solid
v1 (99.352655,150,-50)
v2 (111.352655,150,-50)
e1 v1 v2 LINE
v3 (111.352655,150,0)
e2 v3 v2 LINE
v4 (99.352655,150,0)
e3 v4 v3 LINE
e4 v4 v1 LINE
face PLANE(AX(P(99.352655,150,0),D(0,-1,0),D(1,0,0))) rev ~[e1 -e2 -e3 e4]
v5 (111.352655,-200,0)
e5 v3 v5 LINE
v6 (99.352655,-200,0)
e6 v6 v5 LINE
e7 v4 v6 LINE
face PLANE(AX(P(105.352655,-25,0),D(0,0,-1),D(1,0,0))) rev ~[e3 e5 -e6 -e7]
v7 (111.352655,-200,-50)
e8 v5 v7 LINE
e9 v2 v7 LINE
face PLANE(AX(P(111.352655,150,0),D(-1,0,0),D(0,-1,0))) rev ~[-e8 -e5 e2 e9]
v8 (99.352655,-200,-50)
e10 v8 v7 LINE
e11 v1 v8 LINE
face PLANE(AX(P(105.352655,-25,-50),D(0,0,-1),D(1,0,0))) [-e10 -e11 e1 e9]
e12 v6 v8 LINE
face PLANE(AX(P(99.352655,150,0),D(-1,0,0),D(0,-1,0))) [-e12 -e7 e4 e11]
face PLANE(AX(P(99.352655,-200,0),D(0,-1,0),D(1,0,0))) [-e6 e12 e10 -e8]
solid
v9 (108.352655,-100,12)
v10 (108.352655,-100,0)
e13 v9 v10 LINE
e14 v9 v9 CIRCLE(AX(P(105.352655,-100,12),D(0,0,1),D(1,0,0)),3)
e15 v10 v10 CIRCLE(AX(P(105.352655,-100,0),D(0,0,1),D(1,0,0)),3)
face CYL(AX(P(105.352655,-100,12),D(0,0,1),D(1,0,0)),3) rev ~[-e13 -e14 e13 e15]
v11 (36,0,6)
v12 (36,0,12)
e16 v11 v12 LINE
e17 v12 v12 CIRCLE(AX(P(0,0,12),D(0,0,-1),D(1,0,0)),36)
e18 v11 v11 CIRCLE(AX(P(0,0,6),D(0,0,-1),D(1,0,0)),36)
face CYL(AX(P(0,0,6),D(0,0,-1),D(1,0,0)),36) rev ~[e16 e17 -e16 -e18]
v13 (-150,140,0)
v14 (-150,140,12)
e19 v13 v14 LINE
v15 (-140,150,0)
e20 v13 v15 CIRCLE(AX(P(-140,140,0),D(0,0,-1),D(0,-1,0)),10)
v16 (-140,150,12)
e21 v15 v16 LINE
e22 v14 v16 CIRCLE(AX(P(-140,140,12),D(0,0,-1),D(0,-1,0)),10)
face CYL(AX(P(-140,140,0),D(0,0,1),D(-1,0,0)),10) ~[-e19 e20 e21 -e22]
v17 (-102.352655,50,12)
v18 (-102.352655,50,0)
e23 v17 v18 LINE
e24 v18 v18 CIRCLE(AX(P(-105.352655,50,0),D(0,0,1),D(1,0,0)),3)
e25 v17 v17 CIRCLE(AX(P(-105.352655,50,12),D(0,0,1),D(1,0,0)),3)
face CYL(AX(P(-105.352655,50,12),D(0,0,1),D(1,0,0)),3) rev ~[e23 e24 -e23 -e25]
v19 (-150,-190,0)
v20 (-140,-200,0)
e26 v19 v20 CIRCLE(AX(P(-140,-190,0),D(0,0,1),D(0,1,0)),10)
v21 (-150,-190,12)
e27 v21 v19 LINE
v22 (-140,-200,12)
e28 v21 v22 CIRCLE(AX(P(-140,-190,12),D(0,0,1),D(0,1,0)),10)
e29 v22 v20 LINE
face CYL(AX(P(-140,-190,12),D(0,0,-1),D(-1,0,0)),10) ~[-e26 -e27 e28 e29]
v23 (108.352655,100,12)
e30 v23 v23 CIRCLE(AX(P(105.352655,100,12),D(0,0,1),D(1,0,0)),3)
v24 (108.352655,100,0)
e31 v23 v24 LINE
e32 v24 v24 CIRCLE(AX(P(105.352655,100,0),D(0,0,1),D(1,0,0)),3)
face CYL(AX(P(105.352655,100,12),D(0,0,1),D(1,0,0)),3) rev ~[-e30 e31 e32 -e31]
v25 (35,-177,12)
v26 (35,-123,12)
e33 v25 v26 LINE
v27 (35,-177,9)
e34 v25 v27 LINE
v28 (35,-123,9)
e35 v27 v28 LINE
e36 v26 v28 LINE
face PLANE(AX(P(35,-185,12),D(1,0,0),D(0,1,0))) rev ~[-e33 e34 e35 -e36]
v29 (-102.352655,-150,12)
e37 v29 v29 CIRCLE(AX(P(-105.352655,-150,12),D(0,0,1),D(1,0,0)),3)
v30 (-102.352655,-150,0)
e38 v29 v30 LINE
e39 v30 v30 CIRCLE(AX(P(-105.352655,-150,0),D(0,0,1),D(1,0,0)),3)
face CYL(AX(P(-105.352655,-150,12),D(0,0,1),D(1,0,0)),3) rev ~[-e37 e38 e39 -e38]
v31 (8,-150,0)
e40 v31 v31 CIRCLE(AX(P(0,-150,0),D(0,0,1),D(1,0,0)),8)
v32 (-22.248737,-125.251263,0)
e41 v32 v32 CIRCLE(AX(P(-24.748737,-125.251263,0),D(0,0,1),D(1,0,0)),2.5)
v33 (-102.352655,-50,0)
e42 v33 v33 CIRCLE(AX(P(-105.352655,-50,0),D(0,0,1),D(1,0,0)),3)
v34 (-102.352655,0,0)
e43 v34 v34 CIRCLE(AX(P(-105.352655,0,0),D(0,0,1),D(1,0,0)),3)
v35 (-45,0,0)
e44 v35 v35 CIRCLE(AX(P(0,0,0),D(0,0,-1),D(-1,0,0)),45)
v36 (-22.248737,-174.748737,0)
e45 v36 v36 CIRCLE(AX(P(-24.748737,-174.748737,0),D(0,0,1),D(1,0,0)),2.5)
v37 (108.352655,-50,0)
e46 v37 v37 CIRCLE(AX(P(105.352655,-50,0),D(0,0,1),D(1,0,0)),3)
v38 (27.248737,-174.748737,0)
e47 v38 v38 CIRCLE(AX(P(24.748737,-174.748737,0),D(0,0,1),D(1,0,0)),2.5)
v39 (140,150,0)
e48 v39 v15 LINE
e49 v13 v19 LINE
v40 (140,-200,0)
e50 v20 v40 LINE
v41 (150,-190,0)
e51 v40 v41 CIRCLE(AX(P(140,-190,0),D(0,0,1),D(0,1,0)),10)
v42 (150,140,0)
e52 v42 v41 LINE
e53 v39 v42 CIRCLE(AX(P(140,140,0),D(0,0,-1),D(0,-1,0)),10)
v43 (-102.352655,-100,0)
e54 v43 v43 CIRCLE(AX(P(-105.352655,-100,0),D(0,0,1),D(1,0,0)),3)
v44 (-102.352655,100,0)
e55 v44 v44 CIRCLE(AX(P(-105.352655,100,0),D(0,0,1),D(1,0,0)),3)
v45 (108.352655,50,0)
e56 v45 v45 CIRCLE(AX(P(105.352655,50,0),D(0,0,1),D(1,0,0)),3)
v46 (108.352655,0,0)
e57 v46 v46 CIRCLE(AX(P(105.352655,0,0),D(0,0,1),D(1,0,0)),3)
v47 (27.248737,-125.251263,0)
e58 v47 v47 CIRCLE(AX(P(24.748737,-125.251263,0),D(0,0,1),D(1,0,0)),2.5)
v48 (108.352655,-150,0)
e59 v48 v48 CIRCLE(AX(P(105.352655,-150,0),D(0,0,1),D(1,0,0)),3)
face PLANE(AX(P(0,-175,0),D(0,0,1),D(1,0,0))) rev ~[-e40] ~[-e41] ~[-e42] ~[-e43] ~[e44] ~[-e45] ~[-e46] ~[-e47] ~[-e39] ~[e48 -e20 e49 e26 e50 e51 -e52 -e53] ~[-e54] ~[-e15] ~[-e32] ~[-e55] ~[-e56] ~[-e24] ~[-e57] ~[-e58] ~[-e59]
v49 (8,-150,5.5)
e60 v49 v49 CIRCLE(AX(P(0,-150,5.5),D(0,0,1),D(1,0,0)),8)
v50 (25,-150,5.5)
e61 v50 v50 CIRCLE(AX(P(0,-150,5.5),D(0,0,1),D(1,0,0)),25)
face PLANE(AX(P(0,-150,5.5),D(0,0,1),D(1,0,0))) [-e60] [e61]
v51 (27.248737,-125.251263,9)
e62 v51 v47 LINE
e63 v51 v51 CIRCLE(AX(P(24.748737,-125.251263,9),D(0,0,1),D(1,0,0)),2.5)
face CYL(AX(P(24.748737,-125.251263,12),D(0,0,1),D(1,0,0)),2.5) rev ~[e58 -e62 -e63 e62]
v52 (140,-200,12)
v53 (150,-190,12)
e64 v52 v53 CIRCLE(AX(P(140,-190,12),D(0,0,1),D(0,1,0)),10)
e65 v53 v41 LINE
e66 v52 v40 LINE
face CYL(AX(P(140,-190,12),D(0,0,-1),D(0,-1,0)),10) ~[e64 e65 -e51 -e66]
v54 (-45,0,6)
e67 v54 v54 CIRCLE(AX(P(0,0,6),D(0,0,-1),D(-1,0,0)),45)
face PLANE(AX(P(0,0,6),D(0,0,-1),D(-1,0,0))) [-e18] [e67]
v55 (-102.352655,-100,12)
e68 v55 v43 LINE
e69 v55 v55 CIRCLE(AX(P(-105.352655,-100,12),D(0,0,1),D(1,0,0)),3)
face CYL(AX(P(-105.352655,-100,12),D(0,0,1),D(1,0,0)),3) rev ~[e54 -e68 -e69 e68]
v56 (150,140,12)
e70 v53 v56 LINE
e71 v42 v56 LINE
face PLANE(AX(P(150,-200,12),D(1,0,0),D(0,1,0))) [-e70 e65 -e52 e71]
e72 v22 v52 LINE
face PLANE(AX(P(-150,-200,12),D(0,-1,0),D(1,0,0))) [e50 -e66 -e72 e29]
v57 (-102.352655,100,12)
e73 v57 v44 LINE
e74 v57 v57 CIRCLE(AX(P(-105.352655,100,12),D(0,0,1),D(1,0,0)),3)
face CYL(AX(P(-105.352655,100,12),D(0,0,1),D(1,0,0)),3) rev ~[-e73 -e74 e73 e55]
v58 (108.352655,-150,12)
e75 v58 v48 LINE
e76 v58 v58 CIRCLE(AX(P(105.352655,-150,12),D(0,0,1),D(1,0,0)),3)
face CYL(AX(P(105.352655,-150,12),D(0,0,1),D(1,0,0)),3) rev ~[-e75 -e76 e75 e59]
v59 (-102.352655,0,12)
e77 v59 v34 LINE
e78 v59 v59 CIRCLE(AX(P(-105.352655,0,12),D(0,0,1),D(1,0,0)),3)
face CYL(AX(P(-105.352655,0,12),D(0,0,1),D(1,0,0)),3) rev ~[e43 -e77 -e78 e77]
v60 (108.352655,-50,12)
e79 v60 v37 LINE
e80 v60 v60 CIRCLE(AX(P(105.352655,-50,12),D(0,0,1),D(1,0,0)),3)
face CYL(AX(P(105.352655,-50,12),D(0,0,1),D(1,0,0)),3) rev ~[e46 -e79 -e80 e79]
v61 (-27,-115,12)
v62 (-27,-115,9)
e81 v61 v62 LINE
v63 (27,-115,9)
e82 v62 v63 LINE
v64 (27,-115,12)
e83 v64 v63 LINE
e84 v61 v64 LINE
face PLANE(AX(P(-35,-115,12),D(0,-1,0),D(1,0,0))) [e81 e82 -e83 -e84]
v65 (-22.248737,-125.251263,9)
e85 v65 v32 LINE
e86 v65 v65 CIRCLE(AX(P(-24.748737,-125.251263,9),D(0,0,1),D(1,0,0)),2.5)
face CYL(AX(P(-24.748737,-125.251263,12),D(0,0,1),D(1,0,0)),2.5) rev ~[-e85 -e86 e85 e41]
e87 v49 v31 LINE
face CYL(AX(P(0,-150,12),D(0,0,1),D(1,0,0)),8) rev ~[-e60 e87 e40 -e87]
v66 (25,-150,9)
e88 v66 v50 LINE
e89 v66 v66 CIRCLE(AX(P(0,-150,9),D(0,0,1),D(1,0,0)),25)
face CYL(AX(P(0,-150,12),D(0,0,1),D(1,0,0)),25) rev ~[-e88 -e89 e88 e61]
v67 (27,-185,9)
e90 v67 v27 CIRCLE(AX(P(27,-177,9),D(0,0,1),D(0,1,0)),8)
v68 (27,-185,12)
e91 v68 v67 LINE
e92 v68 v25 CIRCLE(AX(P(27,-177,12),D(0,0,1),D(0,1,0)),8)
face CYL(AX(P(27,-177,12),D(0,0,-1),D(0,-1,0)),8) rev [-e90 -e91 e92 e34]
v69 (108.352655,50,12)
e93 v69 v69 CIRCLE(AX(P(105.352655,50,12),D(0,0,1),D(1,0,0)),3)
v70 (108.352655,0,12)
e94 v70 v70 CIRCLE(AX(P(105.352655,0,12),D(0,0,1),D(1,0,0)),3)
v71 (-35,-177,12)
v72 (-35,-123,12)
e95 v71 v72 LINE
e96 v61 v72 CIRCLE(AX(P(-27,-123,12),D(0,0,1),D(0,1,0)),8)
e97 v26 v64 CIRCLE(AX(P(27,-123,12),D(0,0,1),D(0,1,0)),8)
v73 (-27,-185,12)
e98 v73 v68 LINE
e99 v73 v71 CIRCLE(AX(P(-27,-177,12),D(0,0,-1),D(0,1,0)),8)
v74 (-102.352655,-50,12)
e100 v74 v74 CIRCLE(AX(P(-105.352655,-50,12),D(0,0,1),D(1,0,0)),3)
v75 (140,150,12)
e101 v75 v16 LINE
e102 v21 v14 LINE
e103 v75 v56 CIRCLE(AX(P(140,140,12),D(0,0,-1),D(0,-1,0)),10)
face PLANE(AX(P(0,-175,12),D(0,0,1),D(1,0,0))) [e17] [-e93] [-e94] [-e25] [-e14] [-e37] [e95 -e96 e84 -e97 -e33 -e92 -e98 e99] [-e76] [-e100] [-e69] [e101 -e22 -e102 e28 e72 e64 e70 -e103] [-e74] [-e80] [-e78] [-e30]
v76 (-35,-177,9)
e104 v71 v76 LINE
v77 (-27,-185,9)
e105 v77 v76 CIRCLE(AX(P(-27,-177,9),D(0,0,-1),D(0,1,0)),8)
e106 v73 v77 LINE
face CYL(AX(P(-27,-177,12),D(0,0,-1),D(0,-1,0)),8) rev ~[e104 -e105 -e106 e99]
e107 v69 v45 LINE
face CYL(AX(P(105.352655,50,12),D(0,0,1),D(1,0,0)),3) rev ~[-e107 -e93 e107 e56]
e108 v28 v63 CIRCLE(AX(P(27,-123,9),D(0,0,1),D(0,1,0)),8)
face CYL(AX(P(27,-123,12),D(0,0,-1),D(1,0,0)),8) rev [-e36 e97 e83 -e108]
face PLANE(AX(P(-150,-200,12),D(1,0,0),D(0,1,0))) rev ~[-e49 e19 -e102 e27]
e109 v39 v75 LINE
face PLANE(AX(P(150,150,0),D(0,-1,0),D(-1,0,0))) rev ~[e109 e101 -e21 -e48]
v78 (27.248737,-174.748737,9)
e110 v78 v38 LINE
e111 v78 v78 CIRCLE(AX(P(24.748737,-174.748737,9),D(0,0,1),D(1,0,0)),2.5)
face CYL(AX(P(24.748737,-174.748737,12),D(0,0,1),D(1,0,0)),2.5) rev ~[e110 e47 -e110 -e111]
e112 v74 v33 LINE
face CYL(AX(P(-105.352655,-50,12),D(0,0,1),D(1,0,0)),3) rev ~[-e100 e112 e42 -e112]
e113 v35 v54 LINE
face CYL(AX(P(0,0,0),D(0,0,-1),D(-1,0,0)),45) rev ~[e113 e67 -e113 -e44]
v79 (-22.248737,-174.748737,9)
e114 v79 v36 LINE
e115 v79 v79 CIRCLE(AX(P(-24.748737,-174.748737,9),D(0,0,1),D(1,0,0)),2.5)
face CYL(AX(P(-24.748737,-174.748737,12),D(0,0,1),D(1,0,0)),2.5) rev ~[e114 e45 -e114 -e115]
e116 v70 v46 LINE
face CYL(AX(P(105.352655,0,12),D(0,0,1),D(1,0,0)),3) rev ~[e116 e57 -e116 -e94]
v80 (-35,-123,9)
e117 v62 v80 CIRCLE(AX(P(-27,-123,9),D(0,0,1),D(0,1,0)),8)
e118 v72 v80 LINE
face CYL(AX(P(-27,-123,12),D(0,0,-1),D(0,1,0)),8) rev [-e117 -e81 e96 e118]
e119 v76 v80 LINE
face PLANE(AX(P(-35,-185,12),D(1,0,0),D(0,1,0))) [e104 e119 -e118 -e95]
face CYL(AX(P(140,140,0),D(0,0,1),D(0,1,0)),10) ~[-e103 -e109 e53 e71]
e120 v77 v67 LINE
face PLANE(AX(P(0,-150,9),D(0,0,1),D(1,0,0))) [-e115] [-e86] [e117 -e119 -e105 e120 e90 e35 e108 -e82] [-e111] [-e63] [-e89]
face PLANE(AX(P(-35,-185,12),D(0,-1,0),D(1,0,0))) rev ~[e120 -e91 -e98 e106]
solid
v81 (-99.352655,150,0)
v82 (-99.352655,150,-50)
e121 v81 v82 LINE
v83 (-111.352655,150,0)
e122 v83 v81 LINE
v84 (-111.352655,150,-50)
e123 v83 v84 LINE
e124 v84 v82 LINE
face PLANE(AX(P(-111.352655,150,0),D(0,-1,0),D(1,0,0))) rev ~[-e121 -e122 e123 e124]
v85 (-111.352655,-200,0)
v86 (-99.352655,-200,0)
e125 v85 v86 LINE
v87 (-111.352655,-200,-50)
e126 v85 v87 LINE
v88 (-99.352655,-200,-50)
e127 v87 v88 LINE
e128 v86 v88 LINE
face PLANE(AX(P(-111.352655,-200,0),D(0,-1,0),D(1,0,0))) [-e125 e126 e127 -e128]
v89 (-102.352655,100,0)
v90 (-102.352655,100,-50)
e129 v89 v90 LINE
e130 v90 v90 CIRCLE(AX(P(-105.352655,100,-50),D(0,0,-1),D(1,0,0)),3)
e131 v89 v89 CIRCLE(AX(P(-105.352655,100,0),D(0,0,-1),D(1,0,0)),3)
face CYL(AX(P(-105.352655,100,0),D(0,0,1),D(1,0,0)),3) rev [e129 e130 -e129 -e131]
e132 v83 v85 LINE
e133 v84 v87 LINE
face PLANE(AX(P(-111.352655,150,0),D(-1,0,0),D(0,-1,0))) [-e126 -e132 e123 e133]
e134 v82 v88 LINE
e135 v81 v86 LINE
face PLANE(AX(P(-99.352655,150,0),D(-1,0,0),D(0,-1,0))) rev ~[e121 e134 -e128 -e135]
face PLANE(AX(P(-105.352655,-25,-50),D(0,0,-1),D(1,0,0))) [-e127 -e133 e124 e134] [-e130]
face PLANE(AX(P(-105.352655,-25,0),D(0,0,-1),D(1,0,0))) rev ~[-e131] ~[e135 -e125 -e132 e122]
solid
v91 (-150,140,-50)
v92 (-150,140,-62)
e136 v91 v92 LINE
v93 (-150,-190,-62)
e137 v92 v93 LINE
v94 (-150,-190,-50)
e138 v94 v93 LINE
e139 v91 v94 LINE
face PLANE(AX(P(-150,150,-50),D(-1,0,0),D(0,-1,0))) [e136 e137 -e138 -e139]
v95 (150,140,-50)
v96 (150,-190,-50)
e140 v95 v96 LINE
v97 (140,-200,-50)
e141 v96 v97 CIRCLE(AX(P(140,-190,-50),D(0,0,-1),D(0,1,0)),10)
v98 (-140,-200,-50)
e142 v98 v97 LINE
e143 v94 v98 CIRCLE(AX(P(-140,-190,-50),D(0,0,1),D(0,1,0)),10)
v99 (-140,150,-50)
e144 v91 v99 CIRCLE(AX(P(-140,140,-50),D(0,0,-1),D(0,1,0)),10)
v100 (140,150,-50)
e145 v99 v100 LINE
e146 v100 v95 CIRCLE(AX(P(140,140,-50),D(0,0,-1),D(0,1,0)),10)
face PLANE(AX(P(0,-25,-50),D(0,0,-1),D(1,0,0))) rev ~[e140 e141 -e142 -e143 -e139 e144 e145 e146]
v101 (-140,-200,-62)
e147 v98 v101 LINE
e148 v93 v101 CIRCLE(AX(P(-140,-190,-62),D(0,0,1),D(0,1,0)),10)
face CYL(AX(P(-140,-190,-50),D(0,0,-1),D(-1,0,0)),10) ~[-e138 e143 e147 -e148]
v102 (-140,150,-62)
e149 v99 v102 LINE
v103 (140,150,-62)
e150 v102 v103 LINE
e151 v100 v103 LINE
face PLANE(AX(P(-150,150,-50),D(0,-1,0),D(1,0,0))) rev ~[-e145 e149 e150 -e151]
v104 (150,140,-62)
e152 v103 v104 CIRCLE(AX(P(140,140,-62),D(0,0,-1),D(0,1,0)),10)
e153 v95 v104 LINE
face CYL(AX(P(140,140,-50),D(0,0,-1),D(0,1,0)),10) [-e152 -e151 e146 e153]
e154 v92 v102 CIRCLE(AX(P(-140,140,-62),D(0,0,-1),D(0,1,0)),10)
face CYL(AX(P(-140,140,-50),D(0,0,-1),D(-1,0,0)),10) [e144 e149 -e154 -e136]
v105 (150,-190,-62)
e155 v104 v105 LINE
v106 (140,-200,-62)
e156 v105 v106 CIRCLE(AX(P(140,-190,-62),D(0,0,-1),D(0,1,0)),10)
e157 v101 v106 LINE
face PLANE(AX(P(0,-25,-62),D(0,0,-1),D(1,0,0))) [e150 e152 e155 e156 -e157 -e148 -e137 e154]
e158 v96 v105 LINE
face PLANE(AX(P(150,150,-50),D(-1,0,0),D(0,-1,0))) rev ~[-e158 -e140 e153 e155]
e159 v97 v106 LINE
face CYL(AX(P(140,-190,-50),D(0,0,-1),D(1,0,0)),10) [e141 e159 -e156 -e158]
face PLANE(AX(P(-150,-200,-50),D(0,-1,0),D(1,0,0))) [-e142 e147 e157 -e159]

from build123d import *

# Parameters (mm, degrees)
SKETCH1_W               = 300
SKETCH1_H               = 300
BOSS_EXTRUDE1_DEPTH     = 12
SKETCH2_R               = 45
CUT_EXTRUDE1_DEPTH      = 6
SKETCH3_R               = 36
CUT_EXTRUDE2_DEPTH      = 6
SKETCH4_W               = 300
SKETCH4_H               = 50
BOSS_EXTRUDE2_DEPTH     = 12
SKETCH6_R               = 2.5
SKETCH6_R_2             = 8
CUT_EXTRUDE3_DEPTH      = 12
SKETCH6_3_R             = 25
CUT_EXTRUDE4_DEPTH      = 6.5
SKETCH6_4_W             = 70
SKETCH6_4_H             = 70
CUT_EXTRUDE5_DEPTH      = 3
FILLET1_R               = 8
SKETCH7_R               = 3
CUT_EXTRUDE6_DEPTH      = 1
CUT_EXTRUDE6_DEPTH_BACK = 13
SKETCH8_W               = 12
SKETCH8_H               = 350
SKETCH8_R               = 3
BOSS_EXTRUDE3_DEPTH     = 50
BOSS_EXTRUDE3_2_DEPTH   = 50
SKETCH9_W               = 300
SKETCH9_H               = 350
BOSS_EXTRUDE4_DEPTH     = 12
FILLET2_R               = 10
FILLET3_R               = 10


with BuildPart() as part:
    # Sketch1 → Boss-Extrude1 (new body)
    with BuildSketch(Plane(origin=(0, 0, 0), x_dir=(0, 1, 0), z_dir=(0, 0, 1))):
        Rectangle(SKETCH1_W, SKETCH1_H)
    extrude(amount=BOSS_EXTRUDE1_DEPTH)

    # Sketch2 → Cut-Extrude1 (cut)
    with BuildSketch(Plane(origin=(0, 0, 0), x_dir=(-1, 0, 0), z_dir=(0, 0, -1))):
        Circle(SKETCH2_R)
    extrude(amount=-CUT_EXTRUDE1_DEPTH, mode=Mode.SUBTRACT)

    # Sketch3 → Cut-Extrude2 (cut)
    with BuildSketch(Plane(origin=(0, 0, 6), x_dir=(1, 0, 0), z_dir=(0, 0, -1))):
        Circle(SKETCH3_R)
    extrude(amount=-CUT_EXTRUDE2_DEPTH, mode=Mode.SUBTRACT)

    # Sketch4 → Boss-Extrude2 (add)
    with BuildSketch(Plane.XY.offset(12)):
        with Locations((0, -175)):
            Rectangle(SKETCH4_W, SKETCH4_H)
    extrude(amount=-BOSS_EXTRUDE2_DEPTH)

    # Sketch6 → Cut-Extrude3 (cut)
    with BuildSketch(Plane.XY.offset(12)):
        with Locations((-24.748737342, -125.251262658)):
            Circle(SKETCH6_R)
        with Locations((24.748737342, -125.251262658)):
            Circle(SKETCH6_R)
        with Locations((0, -150)):
            Circle(SKETCH6_R_2)
        with Locations((24.748737342, -174.748737342)):
            Circle(SKETCH6_R)
        with Locations((-24.748737342, -174.748737342)):
            Circle(SKETCH6_R)
    extrude(amount=-CUT_EXTRUDE3_DEPTH, mode=Mode.SUBTRACT)

    # Sketch6<3> → Cut-Extrude4 (cut)
    with BuildSketch(Plane.XY.offset(12)):
        with Locations((0, -150)):
            Circle(SKETCH6_3_R)
    extrude(amount=-CUT_EXTRUDE4_DEPTH, mode=Mode.SUBTRACT)

    # Sketch6<4> → Cut-Extrude5 (cut)
    with BuildSketch(Plane.XY.offset(12)):
        with Locations((0, -150)):
            Rectangle(SKETCH6_4_W, SKETCH6_4_H)
    extrude(amount=-CUT_EXTRUDE5_DEPTH, mode=Mode.SUBTRACT)

    # Fillet1
    fillet1_edges = [part.edges().sort_by_distance(p)[0] for p in [
        (-35, -185, 10.5),
        (-35, -115, 10.5),
        (35, -115, 10.5),
        (35, -185, 10.5),
    ]]
    fillet(fillet1_edges, radius=FILLET1_R)

    # Sketch7 → Cut-Extrude6 (cut, two sides)
    with BuildSketch(Plane.XY.offset(12)) as cut_extrude6_sk:
        with Locations((-105.352654621, 0)):
            Circle(SKETCH7_R)
        with Locations((-105.352654621, -50)):
            Circle(SKETCH7_R)
        with Locations((-105.352654621, -100)):
            Circle(SKETCH7_R)
        with Locations((-105.352654621, -150)):
            Circle(SKETCH7_R)
        with Locations((-105.352654621, 50)):
            Circle(SKETCH7_R)
        with Locations((-105.352654621, 100)):
            Circle(SKETCH7_R)
        with Locations((105.352654621, -150)):
            Circle(SKETCH7_R)
        with Locations((105.352654621, -100)):
            Circle(SKETCH7_R)
        with Locations((105.352654621, -50)):
            Circle(SKETCH7_R)
        with Locations((105.352654621, 0)):
            Circle(SKETCH7_R)
        with Locations((105.352654621, 50)):
            Circle(SKETCH7_R)
        with Locations((105.352654621, 100)):
            Circle(SKETCH7_R)
    extrude(amount=CUT_EXTRUDE6_DEPTH, mode=Mode.SUBTRACT)
    extrude(cut_extrude6_sk.sketch, amount=-CUT_EXTRUDE6_DEPTH_BACK, mode=Mode.SUBTRACT)

    # Fillet2
    fillet2_edges = [part.edges().sort_by_distance(p)[0] for p in [
        (-150, -200, 6),
        (150, -200, 6),
        (150, 150, 6),
        (-150, 150, 6),
    ]]
    fillet(fillet2_edges, radius=FILLET2_R)


with BuildPart() as body_2:
    # Sketch8 → Boss-Extrude3 (new body)
    with BuildSketch(Plane(origin=(0, 0, 0), x_dir=(1, 0, 0), z_dir=(0, 0, -1))):
        with Locations((-105.352654621, 25)):
            Rectangle(SKETCH8_W, SKETCH8_H)
        with Locations((-105.352654621, -100)):
            Circle(SKETCH8_R, mode=Mode.SUBTRACT)
    extrude(amount=BOSS_EXTRUDE3_DEPTH)


with BuildPart() as body_3:
    # Sketch8 → Boss-Extrude3 2 (new body)
    with BuildSketch(Plane(origin=(0, 0, 0), x_dir=(1, 0, 0), z_dir=(0, 0, -1))):
        with Locations((105.352654621, 25)):
            Rectangle(SKETCH8_W, SKETCH8_H)
    extrude(amount=BOSS_EXTRUDE3_2_DEPTH)


with BuildPart() as body_4:
    # Sketch9 → Boss-Extrude4 (new body)
    with BuildSketch(Plane(origin=(0, 0, -50), x_dir=(1, 0, 0), z_dir=(0, 0, -1))):
        with Locations((0, 25)):
            Rectangle(SKETCH9_W, SKETCH9_H)
    extrude(amount=BOSS_EXTRUDE4_DEPTH)

    # Fillet3
    fillet3_edges = [body_4.edges().sort_by_distance(p)[0] for p in [
        (-150, -200, -56),
        (150, -200, -56),
        (150, 150, -56),
        (-150, 150, -56),
    ]]
    fillet(fillet3_edges, radius=FILLET3_R)


solid = Compound([part.part, body_2.part, body_3.part, body_4.part])
